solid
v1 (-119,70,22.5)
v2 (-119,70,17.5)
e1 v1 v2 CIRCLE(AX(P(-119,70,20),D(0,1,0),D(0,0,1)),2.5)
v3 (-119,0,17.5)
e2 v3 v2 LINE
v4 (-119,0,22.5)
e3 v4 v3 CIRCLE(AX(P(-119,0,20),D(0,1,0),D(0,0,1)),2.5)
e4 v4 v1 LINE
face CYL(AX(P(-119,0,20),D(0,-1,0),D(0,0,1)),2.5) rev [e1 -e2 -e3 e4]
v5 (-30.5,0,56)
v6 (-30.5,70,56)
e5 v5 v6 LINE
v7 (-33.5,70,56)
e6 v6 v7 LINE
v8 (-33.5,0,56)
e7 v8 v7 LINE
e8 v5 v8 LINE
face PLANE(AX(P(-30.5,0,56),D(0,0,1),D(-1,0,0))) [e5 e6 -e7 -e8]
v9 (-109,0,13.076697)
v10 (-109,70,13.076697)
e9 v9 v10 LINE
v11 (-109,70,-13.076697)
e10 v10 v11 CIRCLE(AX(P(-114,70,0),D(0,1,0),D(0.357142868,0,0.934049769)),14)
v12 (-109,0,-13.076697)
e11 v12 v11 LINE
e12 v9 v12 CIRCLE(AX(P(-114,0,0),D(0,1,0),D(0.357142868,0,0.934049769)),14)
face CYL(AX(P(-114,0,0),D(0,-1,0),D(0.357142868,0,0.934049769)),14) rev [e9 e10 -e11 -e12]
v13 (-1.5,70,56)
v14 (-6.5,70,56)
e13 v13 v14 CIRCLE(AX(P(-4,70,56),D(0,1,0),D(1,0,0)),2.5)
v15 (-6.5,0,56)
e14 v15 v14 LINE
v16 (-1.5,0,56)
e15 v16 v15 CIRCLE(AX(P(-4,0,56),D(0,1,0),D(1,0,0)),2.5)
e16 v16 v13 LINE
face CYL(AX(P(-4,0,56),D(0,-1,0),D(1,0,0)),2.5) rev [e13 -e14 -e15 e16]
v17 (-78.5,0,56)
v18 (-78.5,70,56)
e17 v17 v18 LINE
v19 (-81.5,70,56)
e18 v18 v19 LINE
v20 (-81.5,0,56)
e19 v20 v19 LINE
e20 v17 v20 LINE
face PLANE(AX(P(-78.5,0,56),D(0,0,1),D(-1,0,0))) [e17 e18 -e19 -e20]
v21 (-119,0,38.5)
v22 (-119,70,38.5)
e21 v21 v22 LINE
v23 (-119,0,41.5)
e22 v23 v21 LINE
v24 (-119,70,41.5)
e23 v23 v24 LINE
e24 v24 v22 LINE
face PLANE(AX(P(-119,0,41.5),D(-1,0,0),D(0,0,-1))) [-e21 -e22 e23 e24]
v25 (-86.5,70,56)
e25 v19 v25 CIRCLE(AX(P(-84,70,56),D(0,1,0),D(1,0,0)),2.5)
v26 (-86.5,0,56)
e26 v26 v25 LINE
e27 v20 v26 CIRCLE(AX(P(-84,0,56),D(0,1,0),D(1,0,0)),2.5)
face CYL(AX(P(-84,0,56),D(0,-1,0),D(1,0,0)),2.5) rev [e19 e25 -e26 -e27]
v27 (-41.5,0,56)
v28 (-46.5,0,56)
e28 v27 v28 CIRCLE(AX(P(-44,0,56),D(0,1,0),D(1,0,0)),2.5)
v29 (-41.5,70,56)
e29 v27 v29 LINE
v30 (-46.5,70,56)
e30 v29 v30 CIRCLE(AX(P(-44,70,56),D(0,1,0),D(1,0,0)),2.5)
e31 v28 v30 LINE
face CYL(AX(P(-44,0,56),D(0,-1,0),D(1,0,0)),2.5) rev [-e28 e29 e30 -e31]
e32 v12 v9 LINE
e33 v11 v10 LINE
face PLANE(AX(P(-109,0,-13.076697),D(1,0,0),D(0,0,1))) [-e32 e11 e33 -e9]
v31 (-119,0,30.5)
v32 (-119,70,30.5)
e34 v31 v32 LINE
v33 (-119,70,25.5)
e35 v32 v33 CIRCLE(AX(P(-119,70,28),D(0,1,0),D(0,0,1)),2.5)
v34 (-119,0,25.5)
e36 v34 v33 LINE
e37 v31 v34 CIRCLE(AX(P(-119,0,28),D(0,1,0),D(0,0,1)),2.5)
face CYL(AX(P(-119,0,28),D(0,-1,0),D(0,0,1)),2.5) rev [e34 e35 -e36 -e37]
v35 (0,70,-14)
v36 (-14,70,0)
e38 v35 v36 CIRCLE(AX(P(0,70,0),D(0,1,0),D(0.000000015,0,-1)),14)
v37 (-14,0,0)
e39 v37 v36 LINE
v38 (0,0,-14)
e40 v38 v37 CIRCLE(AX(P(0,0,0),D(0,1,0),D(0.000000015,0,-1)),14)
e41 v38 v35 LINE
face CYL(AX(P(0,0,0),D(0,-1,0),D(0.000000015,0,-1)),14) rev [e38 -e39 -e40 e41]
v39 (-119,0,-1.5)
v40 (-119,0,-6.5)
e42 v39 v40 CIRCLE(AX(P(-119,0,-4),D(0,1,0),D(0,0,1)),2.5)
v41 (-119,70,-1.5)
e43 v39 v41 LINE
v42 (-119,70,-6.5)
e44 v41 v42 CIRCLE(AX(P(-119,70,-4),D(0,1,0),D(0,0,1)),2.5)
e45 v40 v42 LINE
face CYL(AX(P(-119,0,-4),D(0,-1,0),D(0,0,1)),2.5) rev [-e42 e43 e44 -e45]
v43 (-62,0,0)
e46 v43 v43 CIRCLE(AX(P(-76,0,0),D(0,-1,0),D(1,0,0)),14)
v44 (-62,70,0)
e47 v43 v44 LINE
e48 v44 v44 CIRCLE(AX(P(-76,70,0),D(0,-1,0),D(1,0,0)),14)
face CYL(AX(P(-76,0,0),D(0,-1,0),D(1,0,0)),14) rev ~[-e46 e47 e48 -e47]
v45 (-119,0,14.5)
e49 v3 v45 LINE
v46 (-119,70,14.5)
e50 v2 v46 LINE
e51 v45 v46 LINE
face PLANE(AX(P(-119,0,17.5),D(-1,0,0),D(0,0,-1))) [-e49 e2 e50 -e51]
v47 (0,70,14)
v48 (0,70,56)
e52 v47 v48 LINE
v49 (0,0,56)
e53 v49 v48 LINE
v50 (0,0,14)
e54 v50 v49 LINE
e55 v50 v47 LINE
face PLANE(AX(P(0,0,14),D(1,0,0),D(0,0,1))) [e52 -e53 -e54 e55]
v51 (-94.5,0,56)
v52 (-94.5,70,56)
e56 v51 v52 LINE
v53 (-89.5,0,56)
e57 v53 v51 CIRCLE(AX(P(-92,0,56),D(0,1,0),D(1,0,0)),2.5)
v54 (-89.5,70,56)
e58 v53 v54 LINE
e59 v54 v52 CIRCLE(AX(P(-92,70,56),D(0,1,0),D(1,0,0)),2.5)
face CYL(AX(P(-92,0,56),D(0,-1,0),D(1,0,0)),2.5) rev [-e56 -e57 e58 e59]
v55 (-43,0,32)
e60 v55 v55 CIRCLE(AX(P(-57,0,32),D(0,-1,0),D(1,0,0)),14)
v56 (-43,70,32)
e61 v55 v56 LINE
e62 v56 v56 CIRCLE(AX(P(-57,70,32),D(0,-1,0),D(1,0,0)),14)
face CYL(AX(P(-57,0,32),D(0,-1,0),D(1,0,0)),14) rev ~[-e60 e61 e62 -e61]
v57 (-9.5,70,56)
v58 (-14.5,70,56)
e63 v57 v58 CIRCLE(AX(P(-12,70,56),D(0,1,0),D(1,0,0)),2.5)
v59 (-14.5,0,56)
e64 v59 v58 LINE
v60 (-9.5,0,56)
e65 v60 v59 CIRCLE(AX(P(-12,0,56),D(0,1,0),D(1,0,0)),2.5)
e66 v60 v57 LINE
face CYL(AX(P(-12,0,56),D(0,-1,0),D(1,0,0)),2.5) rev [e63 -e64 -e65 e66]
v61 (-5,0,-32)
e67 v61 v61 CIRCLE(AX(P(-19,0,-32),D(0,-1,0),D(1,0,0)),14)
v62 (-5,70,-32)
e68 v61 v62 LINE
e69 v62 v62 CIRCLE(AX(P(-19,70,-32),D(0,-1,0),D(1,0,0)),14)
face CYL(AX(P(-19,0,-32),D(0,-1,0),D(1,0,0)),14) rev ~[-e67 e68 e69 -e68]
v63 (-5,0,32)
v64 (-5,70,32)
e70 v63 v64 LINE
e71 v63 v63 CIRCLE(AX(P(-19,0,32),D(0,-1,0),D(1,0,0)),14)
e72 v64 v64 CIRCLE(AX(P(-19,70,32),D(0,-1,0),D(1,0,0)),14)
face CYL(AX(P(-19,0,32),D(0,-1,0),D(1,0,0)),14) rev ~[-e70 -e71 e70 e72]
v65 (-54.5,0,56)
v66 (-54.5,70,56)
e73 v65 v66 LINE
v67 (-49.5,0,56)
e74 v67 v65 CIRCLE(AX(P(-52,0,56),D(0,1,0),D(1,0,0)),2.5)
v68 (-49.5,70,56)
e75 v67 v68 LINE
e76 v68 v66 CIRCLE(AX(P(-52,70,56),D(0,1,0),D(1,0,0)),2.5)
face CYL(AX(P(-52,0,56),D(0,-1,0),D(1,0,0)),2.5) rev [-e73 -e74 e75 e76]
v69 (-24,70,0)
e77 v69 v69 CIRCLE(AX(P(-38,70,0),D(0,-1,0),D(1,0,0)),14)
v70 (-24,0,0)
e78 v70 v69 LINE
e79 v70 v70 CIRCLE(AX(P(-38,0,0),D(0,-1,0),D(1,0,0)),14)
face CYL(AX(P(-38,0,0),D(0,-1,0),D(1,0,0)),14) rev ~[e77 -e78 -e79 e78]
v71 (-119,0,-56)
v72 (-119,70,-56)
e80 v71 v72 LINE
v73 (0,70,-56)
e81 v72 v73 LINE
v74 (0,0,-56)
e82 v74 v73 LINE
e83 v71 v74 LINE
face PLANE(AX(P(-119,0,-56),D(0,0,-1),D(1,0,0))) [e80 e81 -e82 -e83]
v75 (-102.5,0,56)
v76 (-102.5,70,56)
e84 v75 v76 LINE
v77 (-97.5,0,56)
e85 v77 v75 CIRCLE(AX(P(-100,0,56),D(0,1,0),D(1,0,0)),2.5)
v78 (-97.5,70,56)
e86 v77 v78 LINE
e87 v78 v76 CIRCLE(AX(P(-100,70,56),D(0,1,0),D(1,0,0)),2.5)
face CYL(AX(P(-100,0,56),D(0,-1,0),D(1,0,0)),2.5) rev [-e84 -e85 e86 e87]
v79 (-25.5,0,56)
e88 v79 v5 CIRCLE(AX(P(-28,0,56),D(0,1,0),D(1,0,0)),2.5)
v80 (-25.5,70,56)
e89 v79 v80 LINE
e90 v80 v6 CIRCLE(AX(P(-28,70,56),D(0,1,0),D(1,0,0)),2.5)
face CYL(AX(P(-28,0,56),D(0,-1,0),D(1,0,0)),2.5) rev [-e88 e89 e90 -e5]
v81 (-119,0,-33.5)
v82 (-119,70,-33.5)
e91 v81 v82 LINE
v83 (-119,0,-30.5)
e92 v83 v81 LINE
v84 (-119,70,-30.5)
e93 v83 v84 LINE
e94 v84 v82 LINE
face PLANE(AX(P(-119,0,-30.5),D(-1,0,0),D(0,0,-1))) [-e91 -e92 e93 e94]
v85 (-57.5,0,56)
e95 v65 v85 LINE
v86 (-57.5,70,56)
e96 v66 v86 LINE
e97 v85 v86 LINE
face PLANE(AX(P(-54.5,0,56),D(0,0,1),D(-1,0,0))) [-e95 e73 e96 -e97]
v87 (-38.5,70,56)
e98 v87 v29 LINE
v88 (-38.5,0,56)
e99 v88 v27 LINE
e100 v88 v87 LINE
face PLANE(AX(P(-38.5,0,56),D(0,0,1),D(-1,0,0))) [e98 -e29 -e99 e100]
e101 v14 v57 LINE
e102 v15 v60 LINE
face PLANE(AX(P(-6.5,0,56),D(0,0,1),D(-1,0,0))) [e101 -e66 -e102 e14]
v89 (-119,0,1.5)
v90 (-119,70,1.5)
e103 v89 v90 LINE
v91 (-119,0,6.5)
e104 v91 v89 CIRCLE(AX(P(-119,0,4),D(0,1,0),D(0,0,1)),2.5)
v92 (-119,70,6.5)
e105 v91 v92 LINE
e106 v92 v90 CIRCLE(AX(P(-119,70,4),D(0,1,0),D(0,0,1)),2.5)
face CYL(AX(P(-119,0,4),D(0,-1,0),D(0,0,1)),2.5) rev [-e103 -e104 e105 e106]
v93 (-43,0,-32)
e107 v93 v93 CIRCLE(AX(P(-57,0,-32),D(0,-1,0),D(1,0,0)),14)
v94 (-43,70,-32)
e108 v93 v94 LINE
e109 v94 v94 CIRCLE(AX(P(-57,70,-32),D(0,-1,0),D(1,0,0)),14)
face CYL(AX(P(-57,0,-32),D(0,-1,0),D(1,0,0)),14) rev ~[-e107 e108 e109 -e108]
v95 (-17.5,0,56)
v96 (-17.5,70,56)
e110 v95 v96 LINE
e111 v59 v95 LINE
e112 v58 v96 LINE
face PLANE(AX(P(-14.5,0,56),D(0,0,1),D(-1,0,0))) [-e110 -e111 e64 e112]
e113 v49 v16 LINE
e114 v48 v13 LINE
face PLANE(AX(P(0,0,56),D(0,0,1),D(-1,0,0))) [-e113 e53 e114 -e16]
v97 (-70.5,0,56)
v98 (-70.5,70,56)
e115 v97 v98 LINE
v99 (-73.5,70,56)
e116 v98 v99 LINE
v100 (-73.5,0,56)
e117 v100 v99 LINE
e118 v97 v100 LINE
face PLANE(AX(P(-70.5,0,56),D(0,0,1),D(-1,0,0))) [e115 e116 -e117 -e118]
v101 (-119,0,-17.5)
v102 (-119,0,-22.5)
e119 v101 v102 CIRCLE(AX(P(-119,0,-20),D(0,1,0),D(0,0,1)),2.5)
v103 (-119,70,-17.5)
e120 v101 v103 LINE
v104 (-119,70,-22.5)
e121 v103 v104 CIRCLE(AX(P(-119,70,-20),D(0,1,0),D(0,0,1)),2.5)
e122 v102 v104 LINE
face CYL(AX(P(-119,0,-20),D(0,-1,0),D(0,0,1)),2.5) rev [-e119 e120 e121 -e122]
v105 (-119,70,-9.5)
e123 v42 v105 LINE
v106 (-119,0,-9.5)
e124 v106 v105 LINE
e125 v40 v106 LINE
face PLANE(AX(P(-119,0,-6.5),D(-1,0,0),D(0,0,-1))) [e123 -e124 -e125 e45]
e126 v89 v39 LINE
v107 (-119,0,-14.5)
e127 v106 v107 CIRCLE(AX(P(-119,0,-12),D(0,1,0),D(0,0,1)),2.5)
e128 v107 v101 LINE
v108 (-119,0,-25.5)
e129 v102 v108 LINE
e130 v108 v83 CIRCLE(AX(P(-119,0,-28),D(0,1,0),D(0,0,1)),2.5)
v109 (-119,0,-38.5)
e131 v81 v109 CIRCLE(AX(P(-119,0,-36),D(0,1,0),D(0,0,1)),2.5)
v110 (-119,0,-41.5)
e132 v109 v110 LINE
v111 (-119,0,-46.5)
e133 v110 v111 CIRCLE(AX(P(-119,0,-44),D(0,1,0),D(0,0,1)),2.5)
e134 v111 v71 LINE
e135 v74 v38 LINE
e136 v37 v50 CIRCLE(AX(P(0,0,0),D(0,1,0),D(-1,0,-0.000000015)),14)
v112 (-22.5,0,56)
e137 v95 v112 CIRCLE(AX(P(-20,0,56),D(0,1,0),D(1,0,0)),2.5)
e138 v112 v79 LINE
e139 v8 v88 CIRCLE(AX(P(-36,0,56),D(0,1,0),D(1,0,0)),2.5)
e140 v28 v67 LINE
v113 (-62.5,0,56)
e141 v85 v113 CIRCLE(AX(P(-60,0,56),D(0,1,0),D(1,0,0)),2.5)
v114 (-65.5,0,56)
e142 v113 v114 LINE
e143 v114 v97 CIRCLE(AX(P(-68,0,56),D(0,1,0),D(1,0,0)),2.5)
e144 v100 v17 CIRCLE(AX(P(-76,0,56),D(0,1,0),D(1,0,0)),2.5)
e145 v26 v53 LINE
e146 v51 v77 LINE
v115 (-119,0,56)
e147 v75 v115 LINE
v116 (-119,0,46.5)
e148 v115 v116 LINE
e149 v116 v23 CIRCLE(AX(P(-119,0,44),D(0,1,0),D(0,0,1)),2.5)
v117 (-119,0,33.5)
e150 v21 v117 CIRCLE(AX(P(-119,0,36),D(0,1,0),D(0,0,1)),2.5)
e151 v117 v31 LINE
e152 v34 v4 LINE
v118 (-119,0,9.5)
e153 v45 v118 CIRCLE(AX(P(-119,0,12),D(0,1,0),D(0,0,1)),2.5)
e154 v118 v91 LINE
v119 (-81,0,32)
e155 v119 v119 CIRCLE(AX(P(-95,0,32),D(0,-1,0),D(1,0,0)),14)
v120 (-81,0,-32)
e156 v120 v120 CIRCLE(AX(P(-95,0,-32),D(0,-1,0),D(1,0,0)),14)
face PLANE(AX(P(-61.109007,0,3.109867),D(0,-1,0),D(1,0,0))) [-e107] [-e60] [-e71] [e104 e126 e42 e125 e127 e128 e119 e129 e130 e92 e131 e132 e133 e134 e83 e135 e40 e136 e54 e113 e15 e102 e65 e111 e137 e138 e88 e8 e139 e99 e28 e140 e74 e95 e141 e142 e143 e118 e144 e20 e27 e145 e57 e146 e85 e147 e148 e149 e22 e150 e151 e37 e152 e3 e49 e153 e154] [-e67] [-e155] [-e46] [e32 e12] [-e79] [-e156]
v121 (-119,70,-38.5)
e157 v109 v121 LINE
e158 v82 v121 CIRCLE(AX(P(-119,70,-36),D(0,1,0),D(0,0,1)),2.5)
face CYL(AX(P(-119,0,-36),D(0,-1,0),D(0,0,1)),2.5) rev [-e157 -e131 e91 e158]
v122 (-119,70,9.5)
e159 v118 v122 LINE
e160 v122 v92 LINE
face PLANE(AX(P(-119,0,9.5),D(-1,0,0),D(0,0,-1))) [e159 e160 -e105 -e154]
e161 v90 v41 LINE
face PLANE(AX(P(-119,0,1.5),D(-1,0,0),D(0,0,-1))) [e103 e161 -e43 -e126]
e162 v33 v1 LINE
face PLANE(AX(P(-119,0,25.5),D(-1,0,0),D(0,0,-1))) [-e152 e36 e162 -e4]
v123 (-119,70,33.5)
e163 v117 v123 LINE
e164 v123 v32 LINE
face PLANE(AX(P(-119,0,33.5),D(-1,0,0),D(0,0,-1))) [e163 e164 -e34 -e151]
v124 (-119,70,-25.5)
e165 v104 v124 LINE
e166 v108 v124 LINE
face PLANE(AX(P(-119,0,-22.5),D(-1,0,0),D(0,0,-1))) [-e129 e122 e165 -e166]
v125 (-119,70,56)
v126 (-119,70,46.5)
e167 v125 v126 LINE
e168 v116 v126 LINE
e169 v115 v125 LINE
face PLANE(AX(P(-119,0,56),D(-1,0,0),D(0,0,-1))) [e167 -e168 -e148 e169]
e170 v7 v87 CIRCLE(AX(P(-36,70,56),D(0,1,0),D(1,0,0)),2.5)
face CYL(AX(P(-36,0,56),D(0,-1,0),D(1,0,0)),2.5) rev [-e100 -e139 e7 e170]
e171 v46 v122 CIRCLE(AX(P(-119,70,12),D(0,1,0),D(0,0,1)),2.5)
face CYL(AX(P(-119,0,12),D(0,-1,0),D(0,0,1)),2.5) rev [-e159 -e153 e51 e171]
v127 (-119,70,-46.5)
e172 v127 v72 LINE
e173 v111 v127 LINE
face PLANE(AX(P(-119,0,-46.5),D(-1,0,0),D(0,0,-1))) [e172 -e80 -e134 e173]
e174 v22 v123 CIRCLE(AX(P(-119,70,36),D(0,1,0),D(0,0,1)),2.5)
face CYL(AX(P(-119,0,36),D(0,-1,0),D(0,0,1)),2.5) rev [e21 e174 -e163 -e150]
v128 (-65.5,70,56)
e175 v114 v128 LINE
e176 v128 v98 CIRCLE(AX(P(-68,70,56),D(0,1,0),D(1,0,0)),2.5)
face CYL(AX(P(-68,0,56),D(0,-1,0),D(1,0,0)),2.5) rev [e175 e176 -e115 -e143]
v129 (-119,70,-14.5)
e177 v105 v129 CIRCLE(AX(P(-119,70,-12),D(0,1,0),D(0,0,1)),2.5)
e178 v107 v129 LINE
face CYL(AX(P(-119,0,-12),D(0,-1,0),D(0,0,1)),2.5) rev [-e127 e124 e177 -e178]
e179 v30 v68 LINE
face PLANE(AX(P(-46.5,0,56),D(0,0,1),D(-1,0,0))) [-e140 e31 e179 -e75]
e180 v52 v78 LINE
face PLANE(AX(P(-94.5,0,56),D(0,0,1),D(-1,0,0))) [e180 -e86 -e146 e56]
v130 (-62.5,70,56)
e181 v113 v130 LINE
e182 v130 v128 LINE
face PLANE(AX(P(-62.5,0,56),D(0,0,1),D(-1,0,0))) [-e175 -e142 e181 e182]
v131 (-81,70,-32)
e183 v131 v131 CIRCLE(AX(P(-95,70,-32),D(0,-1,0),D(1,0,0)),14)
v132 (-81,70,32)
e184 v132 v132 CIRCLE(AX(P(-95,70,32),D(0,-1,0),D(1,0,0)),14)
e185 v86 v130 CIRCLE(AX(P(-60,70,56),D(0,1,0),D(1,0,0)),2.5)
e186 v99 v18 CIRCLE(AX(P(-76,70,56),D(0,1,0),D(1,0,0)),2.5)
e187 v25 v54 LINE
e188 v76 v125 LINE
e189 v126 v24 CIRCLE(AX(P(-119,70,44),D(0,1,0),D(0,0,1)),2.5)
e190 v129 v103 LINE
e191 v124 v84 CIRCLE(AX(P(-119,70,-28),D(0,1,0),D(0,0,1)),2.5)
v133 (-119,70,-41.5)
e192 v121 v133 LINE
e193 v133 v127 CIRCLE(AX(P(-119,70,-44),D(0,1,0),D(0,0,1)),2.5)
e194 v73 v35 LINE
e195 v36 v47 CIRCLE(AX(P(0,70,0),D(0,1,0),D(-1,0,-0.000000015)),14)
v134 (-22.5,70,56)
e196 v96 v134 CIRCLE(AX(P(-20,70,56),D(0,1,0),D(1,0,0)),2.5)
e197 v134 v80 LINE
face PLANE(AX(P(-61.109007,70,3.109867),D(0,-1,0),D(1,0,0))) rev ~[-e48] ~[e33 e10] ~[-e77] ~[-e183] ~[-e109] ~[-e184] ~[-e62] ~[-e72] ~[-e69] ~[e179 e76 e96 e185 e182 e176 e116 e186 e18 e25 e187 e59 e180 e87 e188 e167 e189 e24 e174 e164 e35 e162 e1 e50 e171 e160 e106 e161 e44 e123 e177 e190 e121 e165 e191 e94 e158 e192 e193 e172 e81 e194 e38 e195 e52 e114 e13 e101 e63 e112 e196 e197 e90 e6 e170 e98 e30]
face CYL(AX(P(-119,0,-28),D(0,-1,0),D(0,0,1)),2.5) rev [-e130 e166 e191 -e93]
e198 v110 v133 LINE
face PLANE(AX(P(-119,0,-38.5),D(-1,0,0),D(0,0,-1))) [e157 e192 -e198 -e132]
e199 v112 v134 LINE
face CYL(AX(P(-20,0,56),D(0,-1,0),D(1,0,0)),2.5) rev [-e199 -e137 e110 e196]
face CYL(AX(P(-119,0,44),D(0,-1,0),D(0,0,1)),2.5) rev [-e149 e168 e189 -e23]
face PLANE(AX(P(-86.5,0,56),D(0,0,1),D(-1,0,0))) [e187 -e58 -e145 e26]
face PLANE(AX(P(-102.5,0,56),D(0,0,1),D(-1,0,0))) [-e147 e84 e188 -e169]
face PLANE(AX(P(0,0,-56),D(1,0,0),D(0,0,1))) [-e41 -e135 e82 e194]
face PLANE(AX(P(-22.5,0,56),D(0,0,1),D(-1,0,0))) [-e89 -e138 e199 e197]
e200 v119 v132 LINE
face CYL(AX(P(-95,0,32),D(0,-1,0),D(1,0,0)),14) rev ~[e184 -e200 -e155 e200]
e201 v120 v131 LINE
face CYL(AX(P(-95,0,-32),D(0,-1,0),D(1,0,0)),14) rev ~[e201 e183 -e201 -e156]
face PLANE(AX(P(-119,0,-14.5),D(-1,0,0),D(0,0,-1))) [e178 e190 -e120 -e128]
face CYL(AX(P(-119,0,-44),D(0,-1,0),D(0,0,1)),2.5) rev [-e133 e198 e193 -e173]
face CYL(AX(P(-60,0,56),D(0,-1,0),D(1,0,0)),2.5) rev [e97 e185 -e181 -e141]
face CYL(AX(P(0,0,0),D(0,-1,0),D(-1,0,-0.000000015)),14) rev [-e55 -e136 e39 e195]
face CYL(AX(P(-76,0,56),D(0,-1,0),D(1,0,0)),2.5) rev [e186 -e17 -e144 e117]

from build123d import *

# Parameters (mm, degrees)
F0_R     = 14
F1_DEPTH = 70


with BuildPart() as f1:
    # F0 (on Front) → F1 (new body)
    with BuildSketch(Plane.XZ):
        with BuildLine():
            Line((-119, -46.5), (-119, -56))
            Line((-119, -56), (0, -56))
            Line((0, -56), (0, -14))
            ThreePointArc((0, -14), (-9.899495, -9.899495), (-14, 0))
            ThreePointArc((-14, 0), (-9.899495, 9.899495), (0, 14))
            Line((0, 14), (0, 56))
            Line((0, 56), (-1.5, 56))
            ThreePointArc((-1.5, 56), (-4, 53.5), (-6.5, 56))
            Line((-6.5, 56), (-9.5, 56))
            ThreePointArc((-9.5, 56), (-12, 53.5), (-14.5, 56))
            Line((-14.5, 56), (-17.5, 56))
            ThreePointArc((-17.5, 56), (-20, 53.5), (-22.5, 56))
            Line((-22.5, 56), (-25.5, 56))
            ThreePointArc((-25.5, 56), (-28, 53.5), (-30.5, 56))
            Line((-30.5, 56), (-33.5, 56))
            ThreePointArc((-33.5, 56), (-36, 53.5), (-38.5, 56))
            Line((-38.5, 56), (-41.5, 56))
            ThreePointArc((-41.5, 56), (-44, 53.5), (-46.5, 56))
            Line((-46.5, 56), (-49.5, 56))
            ThreePointArc((-49.5, 56), (-52, 53.5), (-54.5, 56))
            Line((-54.5, 56), (-57.5, 56))
            ThreePointArc((-57.5, 56), (-60, 53.5), (-62.5, 56))
            Line((-62.5, 56), (-65.5, 56))
            ThreePointArc((-65.5, 56), (-68, 53.5), (-70.5, 56))
            Line((-70.5, 56), (-73.5, 56))
            ThreePointArc((-73.5, 56), (-76, 53.5), (-78.5, 56))
            Line((-78.5, 56), (-81.5, 56))
            ThreePointArc((-81.5, 56), (-84, 53.5), (-86.5, 56))
            Line((-86.5, 56), (-89.5, 56))
            ThreePointArc((-89.5, 56), (-92, 53.5), (-94.5, 56))
            Line((-94.5, 56), (-97.5, 56))
            ThreePointArc((-97.5, 56), (-100, 53.5), (-102.5, 56))
            Line((-102.5, 56), (-119, 56))
            Line((-119, 56), (-119, 46.5))
            ThreePointArc((-119, 46.5), (-116.5, 44), (-119, 41.5))
            Line((-119, 41.5), (-119, 38.5))
            ThreePointArc((-119, 38.5), (-116.5, 36), (-119, 33.5))
            Line((-119, 33.5), (-119, 30.5))
            ThreePointArc((-119, 30.5), (-116.5, 28), (-119, 25.5))
            Line((-119, 25.5), (-119, 22.5))
            ThreePointArc((-119, 22.5), (-116.5, 20), (-119, 17.5))
            Line((-119, 17.5), (-119, 14.5))
            ThreePointArc((-119, 14.5), (-116.5, 12), (-119, 9.5))
            Line((-119, 9.5), (-119, 6.5))
            ThreePointArc((-119, 6.5), (-116.5, 4), (-119, 1.5))
            Line((-119, 1.5), (-119, -1.5))
            ThreePointArc((-119, -1.5), (-116.5, -4), (-119, -6.5))
            Line((-119, -6.5), (-119, -9.5))
            ThreePointArc((-119, -9.5), (-116.5, -12), (-119, -14.5))
            Line((-119, -14.5), (-119, -17.5))
            ThreePointArc((-119, -17.5), (-116.5, -20), (-119, -22.5))
            Line((-119, -22.5), (-119, -25.5))
            ThreePointArc((-119, -25.5), (-116.5, -28), (-119, -30.5))
            Line((-119, -30.5), (-119, -33.5))
            ThreePointArc((-119, -33.5), (-116.5, -36), (-119, -38.5))
            Line((-119, -38.5), (-119, -41.5))
            ThreePointArc((-119, -41.5), (-116.5, -44), (-119, -46.5))
        make_face()
        with Locations((-95, -32)):
            Circle(F0_R, mode=Mode.SUBTRACT)
        with Locations((-57, -32)):
            Circle(F0_R, mode=Mode.SUBTRACT)
        with Locations((-19, -32)):
            Circle(F0_R, mode=Mode.SUBTRACT)
        with BuildLine():
            Line((-109, -13.076697), (-109, 13.076697))
            ThreePointArc((-109, 13.076697), (-100, 0), (-109, -13.076697))
        make_face(mode=Mode.SUBTRACT)
        with Locations((-76, 0)):
            Circle(F0_R, mode=Mode.SUBTRACT)
        with Locations((-95, 32)):
            Circle(F0_R, mode=Mode.SUBTRACT)
        with Locations((-38, 0)):
            Circle(F0_R, mode=Mode.SUBTRACT)
        with Locations((-57, 32)):
            Circle(F0_R, mode=Mode.SUBTRACT)
        with Locations((-19, 32)):
            Circle(F0_R, mode=Mode.SUBTRACT)
    extrude(amount=-F1_DEPTH)


solid = f1.part
